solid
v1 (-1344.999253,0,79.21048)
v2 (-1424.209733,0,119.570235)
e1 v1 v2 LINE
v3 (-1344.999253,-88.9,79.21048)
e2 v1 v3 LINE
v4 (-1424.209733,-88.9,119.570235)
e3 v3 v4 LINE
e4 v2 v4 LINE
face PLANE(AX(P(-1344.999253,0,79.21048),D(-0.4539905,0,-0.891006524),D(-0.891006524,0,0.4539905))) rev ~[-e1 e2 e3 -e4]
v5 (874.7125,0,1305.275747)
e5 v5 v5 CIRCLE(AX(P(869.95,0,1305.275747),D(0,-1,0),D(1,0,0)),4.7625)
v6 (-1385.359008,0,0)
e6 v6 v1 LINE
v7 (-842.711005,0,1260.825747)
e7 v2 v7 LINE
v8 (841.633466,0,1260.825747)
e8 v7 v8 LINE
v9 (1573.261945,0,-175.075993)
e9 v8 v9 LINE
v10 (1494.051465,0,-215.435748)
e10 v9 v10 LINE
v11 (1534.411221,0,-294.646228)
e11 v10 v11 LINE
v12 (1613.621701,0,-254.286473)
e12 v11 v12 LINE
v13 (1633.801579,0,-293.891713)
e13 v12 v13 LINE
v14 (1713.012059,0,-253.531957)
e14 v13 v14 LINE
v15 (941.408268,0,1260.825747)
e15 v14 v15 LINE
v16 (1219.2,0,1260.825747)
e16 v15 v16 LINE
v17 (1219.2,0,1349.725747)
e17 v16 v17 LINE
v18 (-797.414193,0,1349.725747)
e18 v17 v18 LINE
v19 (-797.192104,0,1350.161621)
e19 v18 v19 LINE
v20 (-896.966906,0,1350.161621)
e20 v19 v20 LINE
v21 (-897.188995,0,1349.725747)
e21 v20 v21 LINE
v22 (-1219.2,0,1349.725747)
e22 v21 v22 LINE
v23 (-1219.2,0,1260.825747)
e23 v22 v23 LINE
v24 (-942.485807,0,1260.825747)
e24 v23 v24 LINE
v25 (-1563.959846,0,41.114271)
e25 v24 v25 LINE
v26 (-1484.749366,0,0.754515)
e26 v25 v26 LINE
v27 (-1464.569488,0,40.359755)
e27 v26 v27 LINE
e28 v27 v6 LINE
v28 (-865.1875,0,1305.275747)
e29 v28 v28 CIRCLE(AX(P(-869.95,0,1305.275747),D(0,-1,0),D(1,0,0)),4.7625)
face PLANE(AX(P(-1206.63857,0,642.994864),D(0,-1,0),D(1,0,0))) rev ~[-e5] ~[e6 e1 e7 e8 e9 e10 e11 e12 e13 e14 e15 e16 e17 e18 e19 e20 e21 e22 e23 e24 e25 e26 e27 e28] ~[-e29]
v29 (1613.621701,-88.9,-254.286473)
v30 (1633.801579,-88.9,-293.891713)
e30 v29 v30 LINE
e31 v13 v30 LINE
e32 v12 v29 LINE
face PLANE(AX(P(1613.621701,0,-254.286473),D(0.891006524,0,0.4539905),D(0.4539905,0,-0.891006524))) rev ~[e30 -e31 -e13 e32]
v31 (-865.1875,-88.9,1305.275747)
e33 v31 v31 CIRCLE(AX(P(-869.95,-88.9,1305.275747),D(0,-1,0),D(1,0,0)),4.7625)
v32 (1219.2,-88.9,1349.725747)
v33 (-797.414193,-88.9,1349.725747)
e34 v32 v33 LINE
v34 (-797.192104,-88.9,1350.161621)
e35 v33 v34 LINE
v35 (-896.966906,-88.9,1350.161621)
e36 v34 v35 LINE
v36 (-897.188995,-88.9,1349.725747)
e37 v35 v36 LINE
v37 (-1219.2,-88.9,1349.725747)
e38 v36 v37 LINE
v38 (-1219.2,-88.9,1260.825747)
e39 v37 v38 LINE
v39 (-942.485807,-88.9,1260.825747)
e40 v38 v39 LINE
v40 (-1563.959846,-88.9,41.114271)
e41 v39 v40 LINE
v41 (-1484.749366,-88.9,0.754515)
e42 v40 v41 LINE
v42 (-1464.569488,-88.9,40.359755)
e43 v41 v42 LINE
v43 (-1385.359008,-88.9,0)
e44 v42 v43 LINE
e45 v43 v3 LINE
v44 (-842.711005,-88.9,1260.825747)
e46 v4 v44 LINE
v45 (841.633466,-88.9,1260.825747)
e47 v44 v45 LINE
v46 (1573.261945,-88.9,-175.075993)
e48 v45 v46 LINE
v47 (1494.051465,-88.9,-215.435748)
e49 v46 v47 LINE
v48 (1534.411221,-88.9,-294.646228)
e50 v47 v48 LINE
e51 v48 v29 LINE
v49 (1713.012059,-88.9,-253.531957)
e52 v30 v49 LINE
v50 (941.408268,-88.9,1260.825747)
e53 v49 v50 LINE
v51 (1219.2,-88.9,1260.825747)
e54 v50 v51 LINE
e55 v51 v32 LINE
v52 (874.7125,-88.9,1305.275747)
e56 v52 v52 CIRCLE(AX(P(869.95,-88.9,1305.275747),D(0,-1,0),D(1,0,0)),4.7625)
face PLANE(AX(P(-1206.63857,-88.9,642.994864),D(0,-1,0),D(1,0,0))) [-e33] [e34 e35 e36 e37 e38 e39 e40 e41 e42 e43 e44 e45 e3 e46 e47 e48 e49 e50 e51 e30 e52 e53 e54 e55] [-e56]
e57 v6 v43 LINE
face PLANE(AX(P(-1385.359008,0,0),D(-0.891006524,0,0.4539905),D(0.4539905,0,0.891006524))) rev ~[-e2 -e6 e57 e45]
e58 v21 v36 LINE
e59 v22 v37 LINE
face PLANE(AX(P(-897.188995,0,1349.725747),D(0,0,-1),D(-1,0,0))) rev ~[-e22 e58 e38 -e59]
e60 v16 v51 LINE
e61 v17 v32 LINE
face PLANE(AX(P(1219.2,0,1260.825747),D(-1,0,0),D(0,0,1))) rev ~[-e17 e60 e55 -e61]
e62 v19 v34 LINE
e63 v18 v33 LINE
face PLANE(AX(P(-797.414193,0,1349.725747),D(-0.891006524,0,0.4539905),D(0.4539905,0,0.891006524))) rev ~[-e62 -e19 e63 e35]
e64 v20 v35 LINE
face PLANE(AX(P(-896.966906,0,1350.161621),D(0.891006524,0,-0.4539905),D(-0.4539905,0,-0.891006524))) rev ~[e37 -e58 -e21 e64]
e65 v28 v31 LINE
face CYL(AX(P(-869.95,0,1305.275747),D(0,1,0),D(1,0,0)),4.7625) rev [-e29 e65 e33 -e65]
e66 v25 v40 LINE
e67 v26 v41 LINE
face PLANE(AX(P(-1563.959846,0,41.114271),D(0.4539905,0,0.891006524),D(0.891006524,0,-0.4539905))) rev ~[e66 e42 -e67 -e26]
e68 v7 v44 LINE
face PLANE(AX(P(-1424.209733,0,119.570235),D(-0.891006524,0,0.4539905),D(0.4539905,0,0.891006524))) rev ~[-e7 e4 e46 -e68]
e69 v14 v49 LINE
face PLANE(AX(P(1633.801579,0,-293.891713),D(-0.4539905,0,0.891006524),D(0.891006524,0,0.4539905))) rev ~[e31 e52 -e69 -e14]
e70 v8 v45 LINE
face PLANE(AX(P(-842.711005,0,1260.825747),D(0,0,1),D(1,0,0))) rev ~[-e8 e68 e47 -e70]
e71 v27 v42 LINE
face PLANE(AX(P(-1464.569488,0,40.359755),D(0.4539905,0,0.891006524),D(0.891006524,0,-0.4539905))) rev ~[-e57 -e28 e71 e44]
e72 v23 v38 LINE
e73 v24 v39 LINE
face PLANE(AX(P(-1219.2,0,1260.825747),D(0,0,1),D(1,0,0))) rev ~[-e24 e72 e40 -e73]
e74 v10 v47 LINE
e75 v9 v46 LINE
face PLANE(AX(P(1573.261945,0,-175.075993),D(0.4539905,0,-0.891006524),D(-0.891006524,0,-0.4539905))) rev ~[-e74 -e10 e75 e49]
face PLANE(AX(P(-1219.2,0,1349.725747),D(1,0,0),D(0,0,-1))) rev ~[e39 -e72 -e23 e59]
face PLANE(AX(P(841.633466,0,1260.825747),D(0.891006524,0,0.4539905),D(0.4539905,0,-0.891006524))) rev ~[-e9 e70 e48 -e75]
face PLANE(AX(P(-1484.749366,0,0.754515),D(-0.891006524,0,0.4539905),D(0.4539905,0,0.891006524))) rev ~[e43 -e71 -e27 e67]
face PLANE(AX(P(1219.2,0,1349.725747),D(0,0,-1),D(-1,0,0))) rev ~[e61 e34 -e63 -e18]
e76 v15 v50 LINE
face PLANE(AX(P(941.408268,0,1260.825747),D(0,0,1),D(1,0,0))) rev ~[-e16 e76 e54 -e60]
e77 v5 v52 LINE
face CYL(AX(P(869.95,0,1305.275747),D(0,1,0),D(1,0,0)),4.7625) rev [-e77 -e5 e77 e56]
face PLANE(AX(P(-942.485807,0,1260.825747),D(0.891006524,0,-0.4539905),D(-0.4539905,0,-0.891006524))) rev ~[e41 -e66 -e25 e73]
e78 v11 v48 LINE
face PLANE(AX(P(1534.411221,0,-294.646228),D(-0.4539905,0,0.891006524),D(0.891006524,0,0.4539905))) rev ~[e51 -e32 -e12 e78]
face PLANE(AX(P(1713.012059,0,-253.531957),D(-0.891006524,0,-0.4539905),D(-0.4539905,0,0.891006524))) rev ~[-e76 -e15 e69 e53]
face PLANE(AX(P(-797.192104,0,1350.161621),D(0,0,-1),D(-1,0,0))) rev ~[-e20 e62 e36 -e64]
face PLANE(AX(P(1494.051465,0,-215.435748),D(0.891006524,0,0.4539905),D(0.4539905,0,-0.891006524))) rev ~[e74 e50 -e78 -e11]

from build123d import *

# Parameters (mm, degrees)
F0_R     = 4.7625
F1_DEPTH = 88.9


with BuildPart() as f1:
    # F0 (on Front) → F1 (new body)
    with BuildSketch(Plane.XZ):
        Polygon((-942.4858074929, 1260.8257474314), (-1563.9598458497, 41.1142708535), (-1484.7493658494, 0.7545154267), (-1464.569488136, 40.3597554268), (-1424.2097327091, 119.5702354272), (-842.7110049672, 1260.8257474314), align=None)
        Polygon((-1219.2, 1260.8257474314), (-942.4858074929, 1260.8257474314), (-897.1889950328, 1349.7257474314), (-1219.2, 1349.7257474314), align=None)
        Polygon((-897.1889950328, 1349.7257474314), (-942.4858074929, 1260.8257474314), (-842.7110049672, 1260.8257474314), (-797.4141925071, 1349.7257474314), align=None)
        with Locations((-869.95, 1305.2757474314)):
            Circle(F0_R, mode=Mode.SUBTRACT)
        Polygon((-1424.2097327091, 119.5702354272), (-1464.569488136, 40.3597554268), (-1385.3590081356, 0), (-1344.9992527088, 79.2104800003), align=None)
        Polygon((-896.966906282, 1350.1616211469), (-897.1889950328, 1349.7257474314), (-797.4141925071, 1349.7257474314), (-797.1921037563, 1350.1616211469), align=None)
        Polygon((-797.4141925071, 1349.7257474314), (-842.7110049672, 1260.8257474314), (841.6334658834, 1260.8257474314), (796.3366534233, 1349.7257474314), align=None)
        Polygon((941.4082684091, 1260.8257474314), (841.6334658834, 1260.8257474314), (1573.2619453901, -175.0759925752), (1613.621700817, -254.2864725756), (1633.8015785304, -293.8917125758), (1713.0120585307, -253.5319571489), align=None)
        Polygon((796.3366534233, 1349.7257474314), (841.6334658834, 1260.8257474314), (941.4082684091, 1260.8257474314), (896.111455949, 1349.7257474314), align=None)
        with Locations((869.95, 1305.2757474314)):
            Circle(F0_R, mode=Mode.SUBTRACT)
        Polygon((1613.621700817, -254.2864725756), (1573.2619453901, -175.0759925752), (1494.0514653898, -215.4357480021), (1534.4112208166, -294.6462280024), align=None)
        Polygon((896.111455949, 1349.7257474314), (941.4082684091, 1260.8257474314), (1219.2, 1260.8257474314), (1219.2, 1349.7257474314), align=None)
    extrude(amount=F1_DEPTH)


solid = f1.part
